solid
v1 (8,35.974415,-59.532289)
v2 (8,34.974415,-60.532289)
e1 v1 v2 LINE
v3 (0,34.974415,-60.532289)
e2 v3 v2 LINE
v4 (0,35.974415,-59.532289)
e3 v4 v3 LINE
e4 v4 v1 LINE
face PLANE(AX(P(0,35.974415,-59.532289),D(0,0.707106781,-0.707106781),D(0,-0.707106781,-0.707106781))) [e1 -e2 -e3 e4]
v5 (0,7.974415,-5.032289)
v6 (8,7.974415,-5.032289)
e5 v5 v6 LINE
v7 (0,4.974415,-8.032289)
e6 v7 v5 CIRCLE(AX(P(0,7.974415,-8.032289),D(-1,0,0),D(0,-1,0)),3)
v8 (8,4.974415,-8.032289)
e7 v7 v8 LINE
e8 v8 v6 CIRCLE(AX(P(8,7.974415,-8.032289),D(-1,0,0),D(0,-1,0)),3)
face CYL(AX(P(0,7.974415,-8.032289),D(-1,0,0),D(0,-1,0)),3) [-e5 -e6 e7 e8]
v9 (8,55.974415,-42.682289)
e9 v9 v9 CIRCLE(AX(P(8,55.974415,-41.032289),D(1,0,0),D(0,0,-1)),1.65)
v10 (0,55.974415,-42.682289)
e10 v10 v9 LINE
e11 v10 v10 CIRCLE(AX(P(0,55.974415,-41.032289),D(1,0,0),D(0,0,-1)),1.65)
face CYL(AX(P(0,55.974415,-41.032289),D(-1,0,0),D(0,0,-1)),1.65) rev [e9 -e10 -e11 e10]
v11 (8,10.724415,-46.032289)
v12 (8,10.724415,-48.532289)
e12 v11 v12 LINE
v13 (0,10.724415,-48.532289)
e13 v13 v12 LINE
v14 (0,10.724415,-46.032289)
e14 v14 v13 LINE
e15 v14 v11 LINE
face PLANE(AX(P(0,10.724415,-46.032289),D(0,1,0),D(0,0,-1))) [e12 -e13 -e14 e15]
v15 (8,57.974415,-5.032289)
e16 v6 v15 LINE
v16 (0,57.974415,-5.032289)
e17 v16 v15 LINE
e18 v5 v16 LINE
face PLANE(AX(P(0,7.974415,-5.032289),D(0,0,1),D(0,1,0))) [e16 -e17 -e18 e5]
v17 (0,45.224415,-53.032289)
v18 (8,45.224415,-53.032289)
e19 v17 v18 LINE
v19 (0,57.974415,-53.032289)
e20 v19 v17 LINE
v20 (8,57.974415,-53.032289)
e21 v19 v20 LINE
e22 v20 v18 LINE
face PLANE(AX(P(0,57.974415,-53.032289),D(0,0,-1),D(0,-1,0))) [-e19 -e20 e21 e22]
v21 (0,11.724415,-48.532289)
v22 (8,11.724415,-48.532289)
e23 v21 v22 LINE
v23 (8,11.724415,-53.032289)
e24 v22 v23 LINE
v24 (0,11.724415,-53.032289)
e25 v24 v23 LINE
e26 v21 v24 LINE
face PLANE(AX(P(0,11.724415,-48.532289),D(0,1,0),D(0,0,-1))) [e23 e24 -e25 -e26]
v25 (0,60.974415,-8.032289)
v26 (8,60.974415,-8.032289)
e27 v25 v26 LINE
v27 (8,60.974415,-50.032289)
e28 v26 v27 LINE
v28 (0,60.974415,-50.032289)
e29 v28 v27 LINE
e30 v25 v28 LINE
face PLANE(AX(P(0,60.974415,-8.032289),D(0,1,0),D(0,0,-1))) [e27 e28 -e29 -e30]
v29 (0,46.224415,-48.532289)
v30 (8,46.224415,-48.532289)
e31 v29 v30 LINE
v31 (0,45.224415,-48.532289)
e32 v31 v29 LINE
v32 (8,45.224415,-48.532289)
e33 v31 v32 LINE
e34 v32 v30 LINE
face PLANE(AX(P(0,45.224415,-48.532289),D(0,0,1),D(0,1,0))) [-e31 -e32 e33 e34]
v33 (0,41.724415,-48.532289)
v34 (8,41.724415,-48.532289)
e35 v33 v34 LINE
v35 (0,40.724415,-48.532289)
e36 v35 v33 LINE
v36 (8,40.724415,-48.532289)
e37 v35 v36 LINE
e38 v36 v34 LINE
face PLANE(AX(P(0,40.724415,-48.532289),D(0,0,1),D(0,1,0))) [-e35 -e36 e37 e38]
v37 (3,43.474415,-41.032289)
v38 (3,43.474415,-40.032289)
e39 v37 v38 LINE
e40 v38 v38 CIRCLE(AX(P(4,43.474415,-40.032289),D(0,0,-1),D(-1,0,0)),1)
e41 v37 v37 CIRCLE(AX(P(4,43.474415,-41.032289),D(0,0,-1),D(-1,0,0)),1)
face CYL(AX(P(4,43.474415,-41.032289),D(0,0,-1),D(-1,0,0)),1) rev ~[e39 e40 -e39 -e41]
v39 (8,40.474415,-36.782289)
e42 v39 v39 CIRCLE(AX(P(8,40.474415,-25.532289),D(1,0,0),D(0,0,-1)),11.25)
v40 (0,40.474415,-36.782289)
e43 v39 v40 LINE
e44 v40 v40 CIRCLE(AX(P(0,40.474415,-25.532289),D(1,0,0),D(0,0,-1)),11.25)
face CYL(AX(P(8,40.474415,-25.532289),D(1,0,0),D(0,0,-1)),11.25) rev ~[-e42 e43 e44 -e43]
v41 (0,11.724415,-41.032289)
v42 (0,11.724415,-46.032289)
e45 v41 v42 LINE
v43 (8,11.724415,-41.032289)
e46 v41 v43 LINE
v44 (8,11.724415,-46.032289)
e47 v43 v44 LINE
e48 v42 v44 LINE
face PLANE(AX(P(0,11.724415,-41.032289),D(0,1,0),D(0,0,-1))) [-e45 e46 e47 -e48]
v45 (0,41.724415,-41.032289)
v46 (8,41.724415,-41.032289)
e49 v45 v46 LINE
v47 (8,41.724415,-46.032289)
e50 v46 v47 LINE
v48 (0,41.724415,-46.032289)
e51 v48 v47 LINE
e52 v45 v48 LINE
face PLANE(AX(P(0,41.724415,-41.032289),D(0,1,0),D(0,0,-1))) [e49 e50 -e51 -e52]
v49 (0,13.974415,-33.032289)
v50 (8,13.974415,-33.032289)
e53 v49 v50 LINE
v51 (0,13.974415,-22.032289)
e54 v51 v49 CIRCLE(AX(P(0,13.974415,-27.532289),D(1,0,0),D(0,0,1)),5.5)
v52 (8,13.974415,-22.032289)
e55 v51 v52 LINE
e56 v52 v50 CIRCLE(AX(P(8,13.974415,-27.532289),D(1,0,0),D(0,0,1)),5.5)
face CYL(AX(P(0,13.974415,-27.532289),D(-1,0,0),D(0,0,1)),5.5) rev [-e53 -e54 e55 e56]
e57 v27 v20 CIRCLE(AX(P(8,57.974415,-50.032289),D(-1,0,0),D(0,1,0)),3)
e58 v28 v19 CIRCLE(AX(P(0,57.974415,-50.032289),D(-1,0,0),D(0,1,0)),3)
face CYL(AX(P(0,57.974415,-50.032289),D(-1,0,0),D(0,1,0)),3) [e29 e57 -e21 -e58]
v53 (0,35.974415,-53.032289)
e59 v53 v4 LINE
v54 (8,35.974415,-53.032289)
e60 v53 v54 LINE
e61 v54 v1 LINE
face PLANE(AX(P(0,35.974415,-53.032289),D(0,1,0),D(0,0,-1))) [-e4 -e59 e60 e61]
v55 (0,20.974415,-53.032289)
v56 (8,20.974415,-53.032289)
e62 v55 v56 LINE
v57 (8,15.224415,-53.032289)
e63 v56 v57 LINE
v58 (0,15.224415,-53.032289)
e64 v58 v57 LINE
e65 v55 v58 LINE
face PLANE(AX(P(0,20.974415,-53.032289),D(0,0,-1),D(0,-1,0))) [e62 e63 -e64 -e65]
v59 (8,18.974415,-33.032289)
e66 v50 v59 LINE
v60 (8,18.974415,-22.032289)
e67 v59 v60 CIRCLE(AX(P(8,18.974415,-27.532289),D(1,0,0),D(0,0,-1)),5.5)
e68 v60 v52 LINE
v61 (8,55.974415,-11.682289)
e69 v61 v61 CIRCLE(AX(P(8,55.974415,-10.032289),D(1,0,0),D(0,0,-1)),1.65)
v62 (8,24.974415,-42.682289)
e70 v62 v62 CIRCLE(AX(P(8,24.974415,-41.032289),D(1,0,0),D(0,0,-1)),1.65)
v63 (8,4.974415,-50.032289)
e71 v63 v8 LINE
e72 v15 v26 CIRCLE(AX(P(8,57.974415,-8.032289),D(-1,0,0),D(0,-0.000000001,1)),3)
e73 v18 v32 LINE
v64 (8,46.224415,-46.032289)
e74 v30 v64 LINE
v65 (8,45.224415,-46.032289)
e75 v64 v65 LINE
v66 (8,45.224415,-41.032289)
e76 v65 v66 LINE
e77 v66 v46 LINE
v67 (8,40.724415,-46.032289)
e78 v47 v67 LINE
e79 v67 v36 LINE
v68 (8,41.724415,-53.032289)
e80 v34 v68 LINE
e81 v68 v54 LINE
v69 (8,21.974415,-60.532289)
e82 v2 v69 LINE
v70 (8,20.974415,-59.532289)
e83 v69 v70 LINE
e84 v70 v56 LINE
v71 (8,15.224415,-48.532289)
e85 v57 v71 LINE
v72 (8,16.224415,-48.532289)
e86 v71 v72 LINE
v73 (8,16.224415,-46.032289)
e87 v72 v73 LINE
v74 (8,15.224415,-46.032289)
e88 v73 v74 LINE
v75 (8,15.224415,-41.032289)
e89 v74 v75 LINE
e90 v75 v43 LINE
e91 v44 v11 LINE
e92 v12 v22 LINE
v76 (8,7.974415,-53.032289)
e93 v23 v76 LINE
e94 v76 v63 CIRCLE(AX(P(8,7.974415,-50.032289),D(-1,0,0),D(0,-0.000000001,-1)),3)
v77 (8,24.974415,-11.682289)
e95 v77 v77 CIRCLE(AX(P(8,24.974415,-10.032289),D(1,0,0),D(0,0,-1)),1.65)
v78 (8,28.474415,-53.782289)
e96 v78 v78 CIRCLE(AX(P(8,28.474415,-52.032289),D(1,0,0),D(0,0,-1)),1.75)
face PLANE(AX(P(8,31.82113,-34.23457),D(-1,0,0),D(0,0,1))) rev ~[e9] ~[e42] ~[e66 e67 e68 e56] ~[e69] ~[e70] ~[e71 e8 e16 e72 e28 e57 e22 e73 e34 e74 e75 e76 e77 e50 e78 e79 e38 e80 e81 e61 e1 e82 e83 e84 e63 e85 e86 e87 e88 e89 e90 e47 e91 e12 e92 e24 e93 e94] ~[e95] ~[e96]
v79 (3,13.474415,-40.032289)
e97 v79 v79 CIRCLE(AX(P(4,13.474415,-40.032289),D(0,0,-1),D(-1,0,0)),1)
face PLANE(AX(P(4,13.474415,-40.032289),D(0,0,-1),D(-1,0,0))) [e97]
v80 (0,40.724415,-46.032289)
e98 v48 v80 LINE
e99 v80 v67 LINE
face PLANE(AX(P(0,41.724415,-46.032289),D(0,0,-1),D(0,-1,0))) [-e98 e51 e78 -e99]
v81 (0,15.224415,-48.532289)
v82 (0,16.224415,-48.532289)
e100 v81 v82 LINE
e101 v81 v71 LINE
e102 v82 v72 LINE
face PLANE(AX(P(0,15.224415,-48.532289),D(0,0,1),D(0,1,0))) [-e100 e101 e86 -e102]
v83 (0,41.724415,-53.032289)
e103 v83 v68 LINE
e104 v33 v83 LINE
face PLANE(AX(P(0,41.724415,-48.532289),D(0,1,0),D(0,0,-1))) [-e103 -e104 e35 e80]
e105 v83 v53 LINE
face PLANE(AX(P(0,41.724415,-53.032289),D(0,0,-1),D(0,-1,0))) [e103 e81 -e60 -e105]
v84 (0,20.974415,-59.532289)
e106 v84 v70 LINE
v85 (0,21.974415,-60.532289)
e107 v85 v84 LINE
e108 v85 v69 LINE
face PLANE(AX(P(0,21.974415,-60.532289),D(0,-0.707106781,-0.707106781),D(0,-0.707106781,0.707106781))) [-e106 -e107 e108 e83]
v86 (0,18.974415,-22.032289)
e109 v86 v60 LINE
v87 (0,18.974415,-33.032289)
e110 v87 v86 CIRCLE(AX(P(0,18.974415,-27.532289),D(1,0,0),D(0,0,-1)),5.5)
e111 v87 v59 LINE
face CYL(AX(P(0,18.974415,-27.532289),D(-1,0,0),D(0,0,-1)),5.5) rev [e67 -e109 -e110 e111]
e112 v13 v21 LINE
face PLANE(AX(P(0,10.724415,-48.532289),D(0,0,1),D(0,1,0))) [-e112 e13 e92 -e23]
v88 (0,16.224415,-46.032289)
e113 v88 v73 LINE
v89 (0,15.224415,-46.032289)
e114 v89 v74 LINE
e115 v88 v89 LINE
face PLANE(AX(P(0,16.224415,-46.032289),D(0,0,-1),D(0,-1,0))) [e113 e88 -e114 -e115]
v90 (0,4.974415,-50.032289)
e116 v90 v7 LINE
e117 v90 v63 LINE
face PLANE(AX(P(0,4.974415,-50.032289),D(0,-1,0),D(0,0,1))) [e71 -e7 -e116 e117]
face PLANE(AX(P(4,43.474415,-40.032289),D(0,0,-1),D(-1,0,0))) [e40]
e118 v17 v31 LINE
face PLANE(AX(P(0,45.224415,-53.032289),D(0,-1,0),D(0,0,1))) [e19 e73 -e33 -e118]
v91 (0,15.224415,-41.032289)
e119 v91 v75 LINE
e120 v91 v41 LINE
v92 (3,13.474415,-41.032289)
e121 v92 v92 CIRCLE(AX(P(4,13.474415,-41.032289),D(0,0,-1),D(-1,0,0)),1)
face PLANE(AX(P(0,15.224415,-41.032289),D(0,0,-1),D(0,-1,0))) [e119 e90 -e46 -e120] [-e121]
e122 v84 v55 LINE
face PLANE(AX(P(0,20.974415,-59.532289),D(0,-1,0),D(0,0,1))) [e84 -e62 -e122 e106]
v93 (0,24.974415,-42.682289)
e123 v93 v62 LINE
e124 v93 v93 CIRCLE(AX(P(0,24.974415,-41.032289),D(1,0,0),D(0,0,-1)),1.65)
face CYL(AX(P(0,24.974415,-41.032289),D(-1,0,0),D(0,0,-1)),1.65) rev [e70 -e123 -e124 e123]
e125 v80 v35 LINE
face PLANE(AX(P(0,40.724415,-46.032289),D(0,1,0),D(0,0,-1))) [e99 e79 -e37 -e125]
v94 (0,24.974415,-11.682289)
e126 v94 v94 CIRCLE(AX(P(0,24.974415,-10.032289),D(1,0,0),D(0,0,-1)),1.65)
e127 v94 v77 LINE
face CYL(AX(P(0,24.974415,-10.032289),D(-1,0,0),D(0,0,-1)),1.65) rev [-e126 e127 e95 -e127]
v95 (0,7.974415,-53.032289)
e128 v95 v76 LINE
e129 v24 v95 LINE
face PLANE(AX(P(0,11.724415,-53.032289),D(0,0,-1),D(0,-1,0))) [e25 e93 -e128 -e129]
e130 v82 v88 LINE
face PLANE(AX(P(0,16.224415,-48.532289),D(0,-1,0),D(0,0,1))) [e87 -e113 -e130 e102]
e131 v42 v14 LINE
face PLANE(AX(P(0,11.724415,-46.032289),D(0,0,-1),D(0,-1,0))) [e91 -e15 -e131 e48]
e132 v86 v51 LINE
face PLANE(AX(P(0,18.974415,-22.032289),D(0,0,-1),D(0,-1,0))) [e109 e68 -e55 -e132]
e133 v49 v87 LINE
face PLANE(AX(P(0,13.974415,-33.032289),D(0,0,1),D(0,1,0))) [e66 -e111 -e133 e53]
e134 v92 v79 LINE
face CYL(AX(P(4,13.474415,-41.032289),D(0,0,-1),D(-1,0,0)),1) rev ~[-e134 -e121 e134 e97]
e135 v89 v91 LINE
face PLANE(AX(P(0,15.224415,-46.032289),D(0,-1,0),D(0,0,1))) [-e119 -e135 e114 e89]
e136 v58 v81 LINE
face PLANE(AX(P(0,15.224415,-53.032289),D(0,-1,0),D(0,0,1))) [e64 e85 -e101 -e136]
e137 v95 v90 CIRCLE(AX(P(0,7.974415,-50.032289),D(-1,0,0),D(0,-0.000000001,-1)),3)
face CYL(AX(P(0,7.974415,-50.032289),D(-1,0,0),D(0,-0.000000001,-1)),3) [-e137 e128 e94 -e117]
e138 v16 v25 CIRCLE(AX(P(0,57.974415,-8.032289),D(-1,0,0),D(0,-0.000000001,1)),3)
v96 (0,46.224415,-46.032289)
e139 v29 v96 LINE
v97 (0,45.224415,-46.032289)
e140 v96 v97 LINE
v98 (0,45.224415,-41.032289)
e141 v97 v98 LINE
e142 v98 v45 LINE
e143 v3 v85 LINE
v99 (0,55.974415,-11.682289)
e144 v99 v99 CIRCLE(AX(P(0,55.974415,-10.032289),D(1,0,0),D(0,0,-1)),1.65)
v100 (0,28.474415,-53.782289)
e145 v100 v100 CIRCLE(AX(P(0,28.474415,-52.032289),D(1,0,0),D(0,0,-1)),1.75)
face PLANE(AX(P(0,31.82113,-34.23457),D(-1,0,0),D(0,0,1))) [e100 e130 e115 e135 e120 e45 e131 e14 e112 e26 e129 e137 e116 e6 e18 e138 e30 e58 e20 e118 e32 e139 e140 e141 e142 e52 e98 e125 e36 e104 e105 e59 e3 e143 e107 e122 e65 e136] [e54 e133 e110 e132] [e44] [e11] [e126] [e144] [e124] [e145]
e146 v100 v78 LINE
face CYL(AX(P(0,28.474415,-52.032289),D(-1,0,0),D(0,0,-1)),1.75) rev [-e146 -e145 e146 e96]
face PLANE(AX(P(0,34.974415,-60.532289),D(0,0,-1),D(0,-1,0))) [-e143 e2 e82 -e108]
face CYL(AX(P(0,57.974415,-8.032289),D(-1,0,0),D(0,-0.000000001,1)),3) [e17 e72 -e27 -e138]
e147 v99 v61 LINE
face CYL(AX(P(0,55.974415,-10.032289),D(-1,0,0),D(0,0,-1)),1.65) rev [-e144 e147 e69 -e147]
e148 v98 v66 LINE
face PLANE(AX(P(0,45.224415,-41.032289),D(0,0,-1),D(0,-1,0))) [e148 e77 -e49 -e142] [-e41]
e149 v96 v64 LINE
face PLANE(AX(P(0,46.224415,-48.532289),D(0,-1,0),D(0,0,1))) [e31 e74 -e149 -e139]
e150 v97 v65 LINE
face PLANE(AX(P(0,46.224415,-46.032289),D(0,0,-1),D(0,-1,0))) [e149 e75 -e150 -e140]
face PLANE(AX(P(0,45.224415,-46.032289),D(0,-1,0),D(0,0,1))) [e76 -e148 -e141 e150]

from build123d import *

# Parameters (mm, degrees)
SKETCH1_R      = 1.65
SKETCH1_R_2    = 1.75
EXTRUDE1_DEPTH = 8
SKETCH2_R      = 1
EXTRUDE2_DEPTH = 1
SKETCH3_R      = 1
EXTRUDE3_DEPTH = 1
SKETCH4_R      = 11.25
EXTRUDE4_DEPTH = 10


with BuildPart() as part:
    # Sketch1 → Extrude1 (new body)
    with BuildSketch(Plane(origin=(0, 0, 0), x_dir=(0, 0, -1), z_dir=(1, 0, 0))):
        with BuildLine():
            Line((53.032288553, 11.724414772), (53.032288553, 7.974414772))
            ThreePointArc((53.032288553, 7.974414772), (52.153608896, 5.853094429), (50.032288553, 4.974414772))
            Line((50.032288553, 4.974414772), (8.032288553, 4.974414772))
            ThreePointArc((8.032288553, 4.974414772), (5.910968209, 5.853094429), (5.032288553, 7.974414772))
            Line((5.032288553, 7.974414772), (5.032288553, 57.974414772))
            ThreePointArc((5.032288553, 57.974414772), (5.910968209, 60.095735116), (8.032288553, 60.974414772))
            Line((8.032288553, 60.974414772), (50.032288553, 60.974414772))
            ThreePointArc((50.032288553, 60.974414772), (52.153608896, 60.095735116), (53.032288553, 57.974414772))
            Line((53.032288553, 57.974414772), (53.032288553, 45.224414772))
            Line((53.032288553, 45.224414772), (48.532288553, 45.224414772))
            Line((48.532288553, 45.224414772), (48.532288553, 46.224414772))
            Line((48.532288553, 46.224414772), (46.032288553, 46.224414772))
            Line((46.032288553, 46.224414772), (46.032288553, 45.224414772))
            Line((46.032288553, 45.224414772), (41.032288553, 45.224414772))
            Line((41.032288553, 45.224414772), (41.032288553, 41.724414772))
            Line((41.032288553, 41.724414772), (46.032288553, 41.724414772))
            Line((46.032288553, 41.724414772), (46.032288553, 40.724414772))
            Line((46.032288553, 40.724414772), (48.532288553, 40.724414772))
            Line((48.532288553, 40.724414772), (48.532288553, 41.724414772))
            Line((48.532288553, 41.724414772), (53.032288553, 41.724414772))
            Line((53.032288553, 41.724414772), (53.032288553, 35.974414772))
            Line((53.032288553, 35.974414772), (59.532288553, 35.974414772))
            Line((59.532288553, 35.974414772), (60.532288553, 34.974414772))
            Line((60.532288553, 34.974414772), (60.532288553, 21.974414772))
            Line((60.532288553, 21.974414772), (59.532288553, 20.974414772))
            Line((59.532288553, 20.974414772), (53.032288553, 20.974414772))
            Line((53.032288553, 20.974414772), (53.032288553, 15.224414772))
            Line((53.032288553, 15.224414772), (48.532288553, 15.224414772))
            Line((48.532288553, 15.224414772), (48.532288553, 16.224414772))
            Line((48.532288553, 16.224414772), (46.032288553, 16.224414772))
            Line((46.032288553, 16.224414772), (46.032288553, 15.224414772))
            Line((46.032288553, 15.224414772), (41.032288553, 15.224414772))
            Line((41.032288553, 15.224414772), (41.032288553, 11.724414772))
            Line((41.032288553, 11.724414772), (46.032288553, 11.724414772))
            Line((46.032288553, 11.724414772), (46.032288553, 10.724414772))
            Line((46.032288553, 10.724414772), (48.532288553, 10.724414772))
            Line((48.532288553, 10.724414772), (48.532288553, 11.724414772))
            Line((48.532288553, 11.724414772), (53.032288553, 11.724414772))
        make_face()
        with Locations((41.032288553, 55.974414772)):
            Circle(SKETCH1_R, mode=Mode.SUBTRACT)
        with Locations((10.032288553, 55.974414772)):
            Circle(SKETCH1_R, mode=Mode.SUBTRACT)
        with Locations((41.032288553, 24.974414772)):
            Circle(SKETCH1_R, mode=Mode.SUBTRACT)
        with Locations((10.032288553, 24.974414772)):
            Circle(SKETCH1_R, mode=Mode.SUBTRACT)
        with Locations((52.032288553, 28.474414772)):
            Circle(SKETCH1_R_2, mode=Mode.SUBTRACT)
        with BuildLine():
            Line((22.032288553, 18.974414772), (22.032288553, 13.974414772))
            ThreePointArc((22.032288553, 13.974414772), (27.532288553, 8.474414772), (33.032288553, 13.974414772))
            Line((33.032288553, 13.974414772), (33.032288553, 18.974414772))
            ThreePointArc((33.032288553, 18.974414772), (27.532288553, 24.474414772), (22.032288553, 18.974414772))
        make_face(mode=Mode.SUBTRACT)
    extrude(amount=EXTRUDE1_DEPTH)

    # Sketch2 → Extrude2 (cut)
    with BuildSketch(Plane(origin=(0, 0, -41.032288553), x_dir=(-1, 0, 0), z_dir=(0, 0, -1))):
        with Locations((-4, 43.474414772)):
            Circle(SKETCH2_R)
    extrude(amount=-EXTRUDE2_DEPTH, mode=Mode.SUBTRACT)

    # Sketch3 → Extrude3 (cut)
    with BuildSketch(Plane(origin=(0, 0, -41.032288553), x_dir=(-1, 0, 0), z_dir=(0, 0, -1))):
        with Locations((-4, 13.474414772)):
            Circle(SKETCH3_R)
    extrude(amount=-EXTRUDE3_DEPTH, mode=Mode.SUBTRACT)

    # Sketch4 → Extrude4 (cut)
    with BuildSketch(Plane(origin=(8, 0, 0), x_dir=(0, 0, -1), z_dir=(1, 0, 0))):
        with Locations((25.532288553, 40.474414772)):
            Circle(SKETCH4_R)
    extrude(amount=-EXTRUDE4_DEPTH, mode=Mode.SUBTRACT)


solid = part.part
